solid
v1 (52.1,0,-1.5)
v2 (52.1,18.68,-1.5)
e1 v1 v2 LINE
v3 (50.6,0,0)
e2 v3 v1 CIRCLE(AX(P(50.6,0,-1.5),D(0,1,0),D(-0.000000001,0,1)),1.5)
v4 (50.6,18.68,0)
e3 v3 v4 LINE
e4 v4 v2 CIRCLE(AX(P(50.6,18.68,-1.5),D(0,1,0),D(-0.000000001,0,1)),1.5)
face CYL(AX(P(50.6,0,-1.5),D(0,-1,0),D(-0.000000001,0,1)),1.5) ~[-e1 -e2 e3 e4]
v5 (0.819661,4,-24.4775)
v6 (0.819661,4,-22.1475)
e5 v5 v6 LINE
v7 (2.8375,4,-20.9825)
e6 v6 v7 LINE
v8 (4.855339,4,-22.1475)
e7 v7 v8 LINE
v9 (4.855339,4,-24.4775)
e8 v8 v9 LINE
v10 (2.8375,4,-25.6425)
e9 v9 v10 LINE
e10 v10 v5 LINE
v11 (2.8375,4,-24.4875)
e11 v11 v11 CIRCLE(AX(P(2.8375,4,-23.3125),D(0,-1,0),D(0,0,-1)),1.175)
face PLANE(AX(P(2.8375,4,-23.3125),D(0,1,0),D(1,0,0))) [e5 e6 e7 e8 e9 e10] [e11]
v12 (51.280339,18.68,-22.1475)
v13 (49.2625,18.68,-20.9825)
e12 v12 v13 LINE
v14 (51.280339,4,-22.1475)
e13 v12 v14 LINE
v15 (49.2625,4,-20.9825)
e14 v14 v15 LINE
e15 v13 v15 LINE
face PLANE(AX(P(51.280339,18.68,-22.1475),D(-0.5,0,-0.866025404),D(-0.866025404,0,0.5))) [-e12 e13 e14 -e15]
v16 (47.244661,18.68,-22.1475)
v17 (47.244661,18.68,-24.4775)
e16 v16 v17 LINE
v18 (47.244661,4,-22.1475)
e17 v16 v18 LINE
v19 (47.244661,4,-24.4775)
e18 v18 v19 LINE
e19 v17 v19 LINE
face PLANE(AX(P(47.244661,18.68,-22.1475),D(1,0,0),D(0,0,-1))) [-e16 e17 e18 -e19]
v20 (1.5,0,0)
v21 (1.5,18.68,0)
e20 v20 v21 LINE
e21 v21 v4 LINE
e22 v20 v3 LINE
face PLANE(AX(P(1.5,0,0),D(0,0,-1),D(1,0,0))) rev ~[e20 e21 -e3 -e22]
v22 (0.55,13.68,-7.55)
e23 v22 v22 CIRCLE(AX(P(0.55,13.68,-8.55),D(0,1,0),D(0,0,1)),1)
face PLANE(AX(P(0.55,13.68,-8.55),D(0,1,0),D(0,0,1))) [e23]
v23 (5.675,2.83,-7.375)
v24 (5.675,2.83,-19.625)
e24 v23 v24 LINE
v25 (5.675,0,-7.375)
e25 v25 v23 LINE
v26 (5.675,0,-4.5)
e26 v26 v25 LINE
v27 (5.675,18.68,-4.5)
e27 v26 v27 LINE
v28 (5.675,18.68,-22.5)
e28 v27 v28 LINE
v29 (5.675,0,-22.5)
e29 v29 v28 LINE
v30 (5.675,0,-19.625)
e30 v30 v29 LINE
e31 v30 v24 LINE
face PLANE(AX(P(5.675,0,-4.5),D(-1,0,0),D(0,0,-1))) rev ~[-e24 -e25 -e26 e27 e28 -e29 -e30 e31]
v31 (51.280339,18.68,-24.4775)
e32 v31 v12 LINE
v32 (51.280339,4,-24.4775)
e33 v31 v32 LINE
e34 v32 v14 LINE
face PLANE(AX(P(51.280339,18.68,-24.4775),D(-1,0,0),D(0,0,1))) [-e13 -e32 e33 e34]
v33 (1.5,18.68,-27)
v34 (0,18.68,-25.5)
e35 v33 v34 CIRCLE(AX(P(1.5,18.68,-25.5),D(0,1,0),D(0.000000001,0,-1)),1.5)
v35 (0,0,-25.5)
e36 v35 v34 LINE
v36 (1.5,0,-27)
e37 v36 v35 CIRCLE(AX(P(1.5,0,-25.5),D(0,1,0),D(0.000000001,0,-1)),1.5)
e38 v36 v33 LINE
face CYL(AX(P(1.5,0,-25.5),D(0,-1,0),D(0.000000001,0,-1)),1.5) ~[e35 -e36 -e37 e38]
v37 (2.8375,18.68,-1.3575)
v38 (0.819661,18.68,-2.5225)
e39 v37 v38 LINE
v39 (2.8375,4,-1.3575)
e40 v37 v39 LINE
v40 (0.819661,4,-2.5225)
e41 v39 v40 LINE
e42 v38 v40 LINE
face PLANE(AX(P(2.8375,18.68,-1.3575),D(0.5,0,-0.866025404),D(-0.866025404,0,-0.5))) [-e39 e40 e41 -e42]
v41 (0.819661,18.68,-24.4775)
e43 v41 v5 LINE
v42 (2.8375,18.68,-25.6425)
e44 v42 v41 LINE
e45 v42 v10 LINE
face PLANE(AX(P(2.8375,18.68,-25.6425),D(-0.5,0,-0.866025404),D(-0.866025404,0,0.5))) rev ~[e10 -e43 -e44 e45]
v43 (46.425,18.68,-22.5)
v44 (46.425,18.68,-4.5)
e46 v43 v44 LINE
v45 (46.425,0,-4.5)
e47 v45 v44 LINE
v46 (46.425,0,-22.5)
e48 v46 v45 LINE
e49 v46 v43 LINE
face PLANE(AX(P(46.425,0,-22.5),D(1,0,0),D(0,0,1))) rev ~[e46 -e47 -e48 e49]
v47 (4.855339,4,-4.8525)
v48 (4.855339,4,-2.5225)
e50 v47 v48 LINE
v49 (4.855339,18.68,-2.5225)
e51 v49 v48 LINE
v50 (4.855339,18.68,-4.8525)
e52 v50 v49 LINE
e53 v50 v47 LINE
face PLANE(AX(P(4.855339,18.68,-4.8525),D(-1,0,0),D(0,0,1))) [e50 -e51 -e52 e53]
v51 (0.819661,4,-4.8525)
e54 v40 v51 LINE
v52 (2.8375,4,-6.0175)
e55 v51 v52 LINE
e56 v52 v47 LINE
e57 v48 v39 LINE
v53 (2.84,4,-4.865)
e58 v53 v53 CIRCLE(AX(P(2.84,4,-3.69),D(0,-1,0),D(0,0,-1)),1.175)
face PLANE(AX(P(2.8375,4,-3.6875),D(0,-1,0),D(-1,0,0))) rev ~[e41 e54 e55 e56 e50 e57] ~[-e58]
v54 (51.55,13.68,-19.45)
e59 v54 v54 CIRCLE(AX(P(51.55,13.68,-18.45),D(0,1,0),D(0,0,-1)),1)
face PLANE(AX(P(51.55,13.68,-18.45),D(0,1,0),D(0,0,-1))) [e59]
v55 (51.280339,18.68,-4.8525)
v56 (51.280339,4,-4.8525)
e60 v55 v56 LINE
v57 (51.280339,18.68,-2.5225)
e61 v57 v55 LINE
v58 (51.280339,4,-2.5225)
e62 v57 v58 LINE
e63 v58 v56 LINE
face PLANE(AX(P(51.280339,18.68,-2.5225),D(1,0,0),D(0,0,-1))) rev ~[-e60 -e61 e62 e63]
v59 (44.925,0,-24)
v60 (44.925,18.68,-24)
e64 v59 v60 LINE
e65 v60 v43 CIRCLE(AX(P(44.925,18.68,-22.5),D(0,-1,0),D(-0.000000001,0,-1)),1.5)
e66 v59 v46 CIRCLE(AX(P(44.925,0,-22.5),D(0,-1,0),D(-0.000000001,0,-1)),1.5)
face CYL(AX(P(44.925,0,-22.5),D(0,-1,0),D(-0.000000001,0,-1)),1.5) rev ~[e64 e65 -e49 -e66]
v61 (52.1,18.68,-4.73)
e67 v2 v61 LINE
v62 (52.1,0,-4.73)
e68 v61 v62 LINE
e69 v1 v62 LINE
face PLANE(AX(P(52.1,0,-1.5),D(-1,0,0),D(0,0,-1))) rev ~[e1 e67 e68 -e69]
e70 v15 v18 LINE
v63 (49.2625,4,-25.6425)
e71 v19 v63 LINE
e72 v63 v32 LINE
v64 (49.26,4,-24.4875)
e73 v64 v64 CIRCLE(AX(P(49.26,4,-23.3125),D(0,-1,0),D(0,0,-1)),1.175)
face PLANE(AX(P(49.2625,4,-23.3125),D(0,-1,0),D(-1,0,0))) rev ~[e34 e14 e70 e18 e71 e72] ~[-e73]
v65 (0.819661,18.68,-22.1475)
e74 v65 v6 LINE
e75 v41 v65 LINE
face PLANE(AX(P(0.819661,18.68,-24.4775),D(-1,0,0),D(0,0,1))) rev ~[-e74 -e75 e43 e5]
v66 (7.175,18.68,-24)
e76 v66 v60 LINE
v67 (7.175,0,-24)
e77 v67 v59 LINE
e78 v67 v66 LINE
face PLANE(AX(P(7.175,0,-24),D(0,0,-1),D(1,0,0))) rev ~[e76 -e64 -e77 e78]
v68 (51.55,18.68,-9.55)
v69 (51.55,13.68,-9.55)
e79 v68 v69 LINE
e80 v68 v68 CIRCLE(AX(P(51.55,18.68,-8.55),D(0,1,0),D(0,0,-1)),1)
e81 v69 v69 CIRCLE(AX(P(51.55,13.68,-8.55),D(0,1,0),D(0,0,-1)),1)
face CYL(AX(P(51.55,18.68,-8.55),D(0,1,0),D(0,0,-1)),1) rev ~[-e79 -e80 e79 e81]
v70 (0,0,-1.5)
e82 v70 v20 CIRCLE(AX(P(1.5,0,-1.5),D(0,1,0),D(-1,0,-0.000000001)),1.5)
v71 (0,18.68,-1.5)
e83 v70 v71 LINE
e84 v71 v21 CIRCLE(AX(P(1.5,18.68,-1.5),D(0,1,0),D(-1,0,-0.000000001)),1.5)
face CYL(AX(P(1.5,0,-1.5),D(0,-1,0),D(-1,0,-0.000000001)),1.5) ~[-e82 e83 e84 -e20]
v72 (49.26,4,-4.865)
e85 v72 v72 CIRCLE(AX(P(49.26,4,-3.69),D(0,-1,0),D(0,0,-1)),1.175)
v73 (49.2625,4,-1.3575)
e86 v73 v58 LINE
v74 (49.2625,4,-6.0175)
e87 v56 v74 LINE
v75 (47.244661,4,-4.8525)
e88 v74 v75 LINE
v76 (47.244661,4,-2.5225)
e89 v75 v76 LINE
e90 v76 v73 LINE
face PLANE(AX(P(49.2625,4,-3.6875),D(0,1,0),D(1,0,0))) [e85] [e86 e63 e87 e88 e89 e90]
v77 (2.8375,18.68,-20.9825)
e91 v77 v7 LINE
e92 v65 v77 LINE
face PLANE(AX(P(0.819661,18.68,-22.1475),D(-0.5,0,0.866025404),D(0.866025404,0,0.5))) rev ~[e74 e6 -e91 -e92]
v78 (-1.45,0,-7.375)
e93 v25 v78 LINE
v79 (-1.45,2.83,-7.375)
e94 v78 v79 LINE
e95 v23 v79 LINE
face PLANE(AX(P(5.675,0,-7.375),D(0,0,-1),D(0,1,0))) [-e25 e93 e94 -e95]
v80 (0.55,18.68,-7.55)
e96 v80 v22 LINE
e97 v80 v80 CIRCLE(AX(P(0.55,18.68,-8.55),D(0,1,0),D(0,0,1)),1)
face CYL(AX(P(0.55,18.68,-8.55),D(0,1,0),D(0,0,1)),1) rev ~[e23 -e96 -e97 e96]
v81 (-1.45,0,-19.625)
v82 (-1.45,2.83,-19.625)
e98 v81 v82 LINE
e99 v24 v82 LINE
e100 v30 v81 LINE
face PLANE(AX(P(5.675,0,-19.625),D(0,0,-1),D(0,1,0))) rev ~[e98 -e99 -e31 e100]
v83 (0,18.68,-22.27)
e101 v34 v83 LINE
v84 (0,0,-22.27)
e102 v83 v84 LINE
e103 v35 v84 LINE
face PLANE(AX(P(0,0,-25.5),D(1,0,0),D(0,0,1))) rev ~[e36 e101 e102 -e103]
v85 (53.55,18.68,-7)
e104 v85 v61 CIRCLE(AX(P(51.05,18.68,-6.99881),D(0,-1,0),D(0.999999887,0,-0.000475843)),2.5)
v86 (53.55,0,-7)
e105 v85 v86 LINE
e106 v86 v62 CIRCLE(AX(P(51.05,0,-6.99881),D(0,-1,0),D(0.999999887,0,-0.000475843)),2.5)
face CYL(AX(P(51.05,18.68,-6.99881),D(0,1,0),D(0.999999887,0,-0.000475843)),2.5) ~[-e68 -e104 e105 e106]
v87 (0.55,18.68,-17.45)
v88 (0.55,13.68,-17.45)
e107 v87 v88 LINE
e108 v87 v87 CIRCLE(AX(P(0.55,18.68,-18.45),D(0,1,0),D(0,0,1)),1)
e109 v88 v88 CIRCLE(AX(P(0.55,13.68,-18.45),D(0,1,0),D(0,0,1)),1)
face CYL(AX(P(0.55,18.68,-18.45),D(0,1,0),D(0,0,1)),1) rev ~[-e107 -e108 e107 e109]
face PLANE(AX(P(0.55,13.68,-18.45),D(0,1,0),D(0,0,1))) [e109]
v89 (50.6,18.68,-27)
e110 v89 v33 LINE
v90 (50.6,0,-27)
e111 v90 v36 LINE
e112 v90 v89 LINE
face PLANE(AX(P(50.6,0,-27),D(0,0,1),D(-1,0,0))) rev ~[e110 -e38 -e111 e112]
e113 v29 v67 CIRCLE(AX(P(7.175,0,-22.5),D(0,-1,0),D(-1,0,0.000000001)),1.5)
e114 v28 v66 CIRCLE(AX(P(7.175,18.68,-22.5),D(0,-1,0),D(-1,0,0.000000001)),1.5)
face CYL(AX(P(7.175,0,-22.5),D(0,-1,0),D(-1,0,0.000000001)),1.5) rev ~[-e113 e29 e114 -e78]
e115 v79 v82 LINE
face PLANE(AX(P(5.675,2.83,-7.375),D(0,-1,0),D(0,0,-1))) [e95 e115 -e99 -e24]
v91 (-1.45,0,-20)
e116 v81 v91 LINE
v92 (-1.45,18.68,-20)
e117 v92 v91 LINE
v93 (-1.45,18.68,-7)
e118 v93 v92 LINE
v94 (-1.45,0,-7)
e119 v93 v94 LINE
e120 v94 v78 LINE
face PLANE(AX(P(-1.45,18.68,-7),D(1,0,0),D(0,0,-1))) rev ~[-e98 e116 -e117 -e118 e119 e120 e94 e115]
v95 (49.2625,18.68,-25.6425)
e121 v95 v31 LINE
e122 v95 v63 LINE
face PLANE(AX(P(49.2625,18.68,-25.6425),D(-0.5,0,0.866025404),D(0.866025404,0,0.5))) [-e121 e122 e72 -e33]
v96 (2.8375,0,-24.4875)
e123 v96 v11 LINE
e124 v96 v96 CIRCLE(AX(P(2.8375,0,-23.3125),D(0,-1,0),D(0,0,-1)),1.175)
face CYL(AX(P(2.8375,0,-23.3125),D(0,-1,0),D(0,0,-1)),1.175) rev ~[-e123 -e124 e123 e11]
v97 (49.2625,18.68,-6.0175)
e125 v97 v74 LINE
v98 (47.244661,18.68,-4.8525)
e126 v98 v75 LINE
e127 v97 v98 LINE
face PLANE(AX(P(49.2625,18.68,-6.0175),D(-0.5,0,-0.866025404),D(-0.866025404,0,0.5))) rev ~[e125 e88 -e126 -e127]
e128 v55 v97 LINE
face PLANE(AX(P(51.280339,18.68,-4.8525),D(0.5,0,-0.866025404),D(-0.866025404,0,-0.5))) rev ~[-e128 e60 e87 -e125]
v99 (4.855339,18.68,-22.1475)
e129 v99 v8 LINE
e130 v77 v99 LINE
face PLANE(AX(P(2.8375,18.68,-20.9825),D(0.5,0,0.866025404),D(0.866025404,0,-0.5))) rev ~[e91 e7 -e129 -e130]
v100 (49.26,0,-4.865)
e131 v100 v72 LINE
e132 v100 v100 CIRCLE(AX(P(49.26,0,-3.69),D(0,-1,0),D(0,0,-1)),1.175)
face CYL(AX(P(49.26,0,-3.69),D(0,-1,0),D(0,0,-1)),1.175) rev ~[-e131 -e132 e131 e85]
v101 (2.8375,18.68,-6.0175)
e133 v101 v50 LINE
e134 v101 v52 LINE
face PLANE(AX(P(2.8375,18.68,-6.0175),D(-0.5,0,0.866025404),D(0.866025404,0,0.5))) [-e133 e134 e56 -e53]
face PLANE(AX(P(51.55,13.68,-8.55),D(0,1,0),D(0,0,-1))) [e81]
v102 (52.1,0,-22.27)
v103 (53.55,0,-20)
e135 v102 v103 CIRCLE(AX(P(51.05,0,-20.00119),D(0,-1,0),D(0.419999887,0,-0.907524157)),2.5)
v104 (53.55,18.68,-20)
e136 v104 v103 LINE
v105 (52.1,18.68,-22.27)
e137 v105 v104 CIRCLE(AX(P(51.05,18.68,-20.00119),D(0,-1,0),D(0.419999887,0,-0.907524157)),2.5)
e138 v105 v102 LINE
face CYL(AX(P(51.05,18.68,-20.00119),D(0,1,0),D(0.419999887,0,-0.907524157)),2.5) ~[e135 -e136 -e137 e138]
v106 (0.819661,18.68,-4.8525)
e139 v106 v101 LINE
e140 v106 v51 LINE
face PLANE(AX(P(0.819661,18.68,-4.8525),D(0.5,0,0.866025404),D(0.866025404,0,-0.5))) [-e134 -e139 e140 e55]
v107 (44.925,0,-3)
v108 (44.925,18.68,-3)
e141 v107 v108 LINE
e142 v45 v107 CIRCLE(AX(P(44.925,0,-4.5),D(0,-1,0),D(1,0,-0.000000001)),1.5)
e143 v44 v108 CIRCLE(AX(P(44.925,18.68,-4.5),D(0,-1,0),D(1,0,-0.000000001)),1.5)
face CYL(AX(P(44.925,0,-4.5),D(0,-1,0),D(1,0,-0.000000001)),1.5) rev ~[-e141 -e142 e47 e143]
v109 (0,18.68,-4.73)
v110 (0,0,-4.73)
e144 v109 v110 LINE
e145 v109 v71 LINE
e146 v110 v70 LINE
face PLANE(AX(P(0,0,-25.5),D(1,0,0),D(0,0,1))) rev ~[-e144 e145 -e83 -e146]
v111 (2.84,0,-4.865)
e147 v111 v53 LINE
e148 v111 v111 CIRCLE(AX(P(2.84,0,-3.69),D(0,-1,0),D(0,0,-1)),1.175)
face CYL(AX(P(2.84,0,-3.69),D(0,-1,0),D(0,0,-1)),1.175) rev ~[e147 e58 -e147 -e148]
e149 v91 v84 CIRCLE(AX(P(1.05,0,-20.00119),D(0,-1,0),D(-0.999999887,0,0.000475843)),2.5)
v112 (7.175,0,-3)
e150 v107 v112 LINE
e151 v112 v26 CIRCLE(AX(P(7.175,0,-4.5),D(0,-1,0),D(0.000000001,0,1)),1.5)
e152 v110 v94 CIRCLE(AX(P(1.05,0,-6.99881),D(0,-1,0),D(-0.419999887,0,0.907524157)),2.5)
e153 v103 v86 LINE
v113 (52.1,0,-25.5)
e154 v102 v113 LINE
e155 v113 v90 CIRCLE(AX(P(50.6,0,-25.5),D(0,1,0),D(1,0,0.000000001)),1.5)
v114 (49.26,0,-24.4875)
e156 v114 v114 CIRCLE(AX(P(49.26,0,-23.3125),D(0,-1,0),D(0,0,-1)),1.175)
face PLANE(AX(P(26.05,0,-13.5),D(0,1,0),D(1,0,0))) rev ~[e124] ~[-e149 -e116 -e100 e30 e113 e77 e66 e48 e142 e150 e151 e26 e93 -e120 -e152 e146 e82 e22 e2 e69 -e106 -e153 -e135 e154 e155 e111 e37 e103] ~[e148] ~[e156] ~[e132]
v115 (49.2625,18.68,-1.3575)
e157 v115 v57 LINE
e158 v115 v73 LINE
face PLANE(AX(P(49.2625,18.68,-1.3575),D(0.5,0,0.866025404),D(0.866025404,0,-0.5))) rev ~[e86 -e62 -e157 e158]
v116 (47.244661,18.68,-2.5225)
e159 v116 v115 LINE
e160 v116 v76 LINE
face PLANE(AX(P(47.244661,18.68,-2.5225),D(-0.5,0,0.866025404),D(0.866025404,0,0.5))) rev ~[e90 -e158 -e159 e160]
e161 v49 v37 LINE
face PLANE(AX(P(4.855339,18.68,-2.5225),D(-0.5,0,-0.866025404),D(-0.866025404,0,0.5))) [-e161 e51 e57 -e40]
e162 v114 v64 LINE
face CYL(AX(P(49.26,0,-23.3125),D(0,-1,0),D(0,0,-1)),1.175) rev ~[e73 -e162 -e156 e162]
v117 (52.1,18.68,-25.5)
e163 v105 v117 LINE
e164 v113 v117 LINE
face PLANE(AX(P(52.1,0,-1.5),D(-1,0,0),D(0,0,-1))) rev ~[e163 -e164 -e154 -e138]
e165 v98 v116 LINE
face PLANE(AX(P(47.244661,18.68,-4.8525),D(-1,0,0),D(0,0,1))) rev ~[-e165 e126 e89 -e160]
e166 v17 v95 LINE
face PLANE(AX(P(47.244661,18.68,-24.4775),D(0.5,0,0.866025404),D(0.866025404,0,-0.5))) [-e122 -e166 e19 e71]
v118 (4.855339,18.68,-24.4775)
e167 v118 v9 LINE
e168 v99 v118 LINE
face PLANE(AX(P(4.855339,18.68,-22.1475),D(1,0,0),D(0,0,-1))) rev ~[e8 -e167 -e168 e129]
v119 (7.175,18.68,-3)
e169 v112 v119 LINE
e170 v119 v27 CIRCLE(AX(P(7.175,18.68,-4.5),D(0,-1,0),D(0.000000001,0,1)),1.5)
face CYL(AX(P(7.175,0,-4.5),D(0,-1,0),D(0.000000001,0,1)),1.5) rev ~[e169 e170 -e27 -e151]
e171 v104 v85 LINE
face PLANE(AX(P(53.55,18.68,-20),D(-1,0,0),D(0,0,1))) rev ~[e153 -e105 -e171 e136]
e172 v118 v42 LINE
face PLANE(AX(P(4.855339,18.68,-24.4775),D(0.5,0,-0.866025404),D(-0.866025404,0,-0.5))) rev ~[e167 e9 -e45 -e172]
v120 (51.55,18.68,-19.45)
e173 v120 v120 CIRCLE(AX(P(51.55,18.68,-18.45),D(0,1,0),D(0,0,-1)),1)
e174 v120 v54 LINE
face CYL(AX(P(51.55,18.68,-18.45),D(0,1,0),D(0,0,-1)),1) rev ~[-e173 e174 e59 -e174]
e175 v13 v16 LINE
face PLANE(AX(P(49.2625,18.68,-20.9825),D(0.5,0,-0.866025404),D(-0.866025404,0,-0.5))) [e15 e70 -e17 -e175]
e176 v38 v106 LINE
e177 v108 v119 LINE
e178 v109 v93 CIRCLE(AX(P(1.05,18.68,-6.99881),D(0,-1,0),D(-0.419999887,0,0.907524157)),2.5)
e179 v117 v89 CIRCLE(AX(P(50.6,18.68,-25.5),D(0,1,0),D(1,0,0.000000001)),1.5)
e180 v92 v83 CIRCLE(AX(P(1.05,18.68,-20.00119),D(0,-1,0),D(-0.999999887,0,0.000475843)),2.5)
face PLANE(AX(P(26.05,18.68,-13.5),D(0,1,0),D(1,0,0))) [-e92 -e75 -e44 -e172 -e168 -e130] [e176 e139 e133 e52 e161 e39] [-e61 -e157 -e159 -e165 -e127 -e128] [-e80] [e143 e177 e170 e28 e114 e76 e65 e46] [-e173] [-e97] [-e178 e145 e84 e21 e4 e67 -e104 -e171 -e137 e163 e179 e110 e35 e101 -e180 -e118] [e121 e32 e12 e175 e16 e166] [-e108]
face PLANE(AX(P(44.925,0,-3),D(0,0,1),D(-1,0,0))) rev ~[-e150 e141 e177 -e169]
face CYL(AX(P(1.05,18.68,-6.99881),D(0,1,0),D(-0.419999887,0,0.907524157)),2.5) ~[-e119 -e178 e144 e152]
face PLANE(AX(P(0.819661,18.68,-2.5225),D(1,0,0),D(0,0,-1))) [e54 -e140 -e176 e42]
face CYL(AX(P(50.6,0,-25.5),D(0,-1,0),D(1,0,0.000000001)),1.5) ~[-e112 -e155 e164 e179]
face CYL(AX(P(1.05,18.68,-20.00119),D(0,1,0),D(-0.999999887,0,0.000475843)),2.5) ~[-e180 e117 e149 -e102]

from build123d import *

# Parameters (mm, degrees)
SALIENTE_EXTRUIR1_DEPTH = 18.68
SALIENTE_EXTRUIR2_DEPTH = 18.68
CROQUIS3_W              = 12.25
CROQUIS3_H              = 2.83
CORTAR_EXTRUIR1_DEPTH   = 59.051339796
CROQUIS4_R              = 1.175
CORTAR_EXTRUIR2_DEPTH   = 63.813572819
CORTAR_EXTRUIR3_DEPTH   = 14.68
CROQUIS6_R              = 1
CORTAR_EXTRUIR4_DEPTH   = 5


with BuildPart() as part:
    # Croquis1 → Saliente-Extruir1 (new body)
    with BuildSketch(Plane(origin=(0, 0, 0), x_dir=(1, 0, 0), z_dir=(0, 1, 0))):
        with BuildLine():
            Line((1.5, 0), (50.6, 0))
            ThreePointArc((50.6, 0), (51.660660172, 0.439339828), (52.1, 1.5))
            Line((52.1, 1.5), (52.1, 25.5))
            ThreePointArc((52.1, 25.5), (51.660660172, 26.560660172), (50.6, 27))
            Line((50.6, 27), (1.5, 27))
            ThreePointArc((1.5, 27), (0.439339828, 26.560660172), (0, 25.5))
            Line((0, 25.5), (0, 1.5))
            ThreePointArc((0, 1.5), (0.439339828, 0.439339828), (1.5, 0))
        make_face()
        with BuildLine():
            Line((7.175, 24), (44.925, 24))
            ThreePointArc((44.925, 24), (45.985660172, 23.560660172), (46.425, 22.5))
            Line((46.425, 22.5), (46.425, 4.5))
            ThreePointArc((46.425, 4.5), (45.985660172, 3.439339828), (44.925, 3))
            Line((44.925, 3), (7.175, 3))
            ThreePointArc((7.175, 3), (6.114339828, 3.439339828), (5.675, 4.5))
            Line((5.675, 4.5), (5.675, 22.5))
            ThreePointArc((5.675, 22.5), (6.114339828, 23.560660172), (7.175, 24))
        make_face(mode=Mode.SUBTRACT)
    extrude(amount=SALIENTE_EXTRUIR1_DEPTH)

    # Croquis2 → Saliente-Extruir2 (add)
    with BuildSketch(Plane(origin=(0, 18.68, 0), x_dir=(1, 0, 0), z_dir=(0, 1, 0))):
        with BuildLine():
            Line((0, 22.27), (0, 4.73))
            ThreePointArc((0, 4.73), (-1.056857895, 5.653020288), (-1.45, 7))
            Line((-1.45, 7), (-1.45, 20))
            ThreePointArc((-1.45, 20), (-1.056857895, 21.346979712), (0, 22.27))
        make_face()
        with BuildLine():
            Line((53.55, 20), (53.55, 7))
            ThreePointArc((53.55, 7), (53.156857895, 5.653020288), (52.1, 4.73))
            Line((52.1, 4.73), (52.1, 22.27))
            ThreePointArc((52.1, 22.27), (53.156857895, 21.346979712), (53.55, 20))
        make_face()
    extrude(amount=-SALIENTE_EXTRUIR2_DEPTH)

    # Croquis3 → Cortar-Extruir1 (cut, through all)
    with BuildSketch(Plane(origin=(5.675, 0, 0), x_dir=(0, 0, -1), z_dir=(1, 0, 0))):
        with Locations((13.5, 1.415)):
            Rectangle(CROQUIS3_W, CROQUIS3_H)
    extrude(amount=-CORTAR_EXTRUIR1_DEPTH, mode=Mode.SUBTRACT)

    # Croquis4 → Cortar-Extruir2 (cut, through all)
    with BuildSketch(Plane.XZ):
        with Locations(Location((49.26, -23.3125, 0), (0, 0, 270))):
            Circle(CROQUIS4_R)
        with Locations(Location((2.8375, -23.3125, 0), (0, 0, 270))):
            Circle(CROQUIS4_R)
        with Locations(Location((49.26, -3.69, 0), (0, 0, 270))):
            Circle(CROQUIS4_R)
        with Locations(Location((2.84, -3.69, 0), (0, 0, 270))):
            Circle(CROQUIS4_R)
    extrude(amount=-CORTAR_EXTRUIR2_DEPTH, mode=Mode.SUBTRACT)

    # Croquis5 → Cortar-Extruir3 (cut)
    with BuildSketch(Plane(origin=(0, 18.68, 0), x_dir=(1, 0, 0), z_dir=(0, 1, 0))):
        Polygon((2.8375, 25.6425), (0.819660809, 24.4775), (0.819660809, 22.1475), (2.8375, 20.9825), (4.855339191, 22.1475), (4.855339191, 24.4775), align=None)
        Polygon((47.244660809, 24.4775), (49.2625, 25.6425), (51.280339191, 24.4775), (51.280339191, 22.1475), (49.2625, 20.9825), (47.244660809, 22.1475), align=None)
        Polygon((49.2625, 1.3575), (51.280339191, 2.5225), (51.280339191, 4.8525), (49.2625, 6.0175), (47.244660809, 4.8525), (47.244660809, 2.5225), align=None)
        Polygon((4.855339191, 2.5225), (2.8375, 1.3575), (0.819660809, 2.5225), (0.819660809, 4.8525), (2.8375, 6.0175), (4.855339191, 4.8525), align=None)
    extrude(amount=-CORTAR_EXTRUIR3_DEPTH, mode=Mode.SUBTRACT)

    # Croquis6 → Cortar-Extruir4 (cut)
    with BuildSketch(Plane(origin=(0, 18.68, 0), x_dir=(1, 0, 0), z_dir=(0, 1, 0))):
        with Locations(Location((0.55, 18.45, 0), (0, 0, 270))):
            Circle(CROQUIS6_R)
        with Locations(Location((0.55, 8.55, 0), (0, 0, 270))):
            Circle(CROQUIS6_R)
        with Locations(Location((51.55, 8.55, 0), (0, 0, 90))):
            Circle(CROQUIS6_R)
        with Locations(Location((51.55, 18.45, 0), (0, 0, 90))):
            Circle(CROQUIS6_R)
    extrude(amount=-CORTAR_EXTRUIR4_DEPTH, mode=Mode.SUBTRACT)


solid = part.part
